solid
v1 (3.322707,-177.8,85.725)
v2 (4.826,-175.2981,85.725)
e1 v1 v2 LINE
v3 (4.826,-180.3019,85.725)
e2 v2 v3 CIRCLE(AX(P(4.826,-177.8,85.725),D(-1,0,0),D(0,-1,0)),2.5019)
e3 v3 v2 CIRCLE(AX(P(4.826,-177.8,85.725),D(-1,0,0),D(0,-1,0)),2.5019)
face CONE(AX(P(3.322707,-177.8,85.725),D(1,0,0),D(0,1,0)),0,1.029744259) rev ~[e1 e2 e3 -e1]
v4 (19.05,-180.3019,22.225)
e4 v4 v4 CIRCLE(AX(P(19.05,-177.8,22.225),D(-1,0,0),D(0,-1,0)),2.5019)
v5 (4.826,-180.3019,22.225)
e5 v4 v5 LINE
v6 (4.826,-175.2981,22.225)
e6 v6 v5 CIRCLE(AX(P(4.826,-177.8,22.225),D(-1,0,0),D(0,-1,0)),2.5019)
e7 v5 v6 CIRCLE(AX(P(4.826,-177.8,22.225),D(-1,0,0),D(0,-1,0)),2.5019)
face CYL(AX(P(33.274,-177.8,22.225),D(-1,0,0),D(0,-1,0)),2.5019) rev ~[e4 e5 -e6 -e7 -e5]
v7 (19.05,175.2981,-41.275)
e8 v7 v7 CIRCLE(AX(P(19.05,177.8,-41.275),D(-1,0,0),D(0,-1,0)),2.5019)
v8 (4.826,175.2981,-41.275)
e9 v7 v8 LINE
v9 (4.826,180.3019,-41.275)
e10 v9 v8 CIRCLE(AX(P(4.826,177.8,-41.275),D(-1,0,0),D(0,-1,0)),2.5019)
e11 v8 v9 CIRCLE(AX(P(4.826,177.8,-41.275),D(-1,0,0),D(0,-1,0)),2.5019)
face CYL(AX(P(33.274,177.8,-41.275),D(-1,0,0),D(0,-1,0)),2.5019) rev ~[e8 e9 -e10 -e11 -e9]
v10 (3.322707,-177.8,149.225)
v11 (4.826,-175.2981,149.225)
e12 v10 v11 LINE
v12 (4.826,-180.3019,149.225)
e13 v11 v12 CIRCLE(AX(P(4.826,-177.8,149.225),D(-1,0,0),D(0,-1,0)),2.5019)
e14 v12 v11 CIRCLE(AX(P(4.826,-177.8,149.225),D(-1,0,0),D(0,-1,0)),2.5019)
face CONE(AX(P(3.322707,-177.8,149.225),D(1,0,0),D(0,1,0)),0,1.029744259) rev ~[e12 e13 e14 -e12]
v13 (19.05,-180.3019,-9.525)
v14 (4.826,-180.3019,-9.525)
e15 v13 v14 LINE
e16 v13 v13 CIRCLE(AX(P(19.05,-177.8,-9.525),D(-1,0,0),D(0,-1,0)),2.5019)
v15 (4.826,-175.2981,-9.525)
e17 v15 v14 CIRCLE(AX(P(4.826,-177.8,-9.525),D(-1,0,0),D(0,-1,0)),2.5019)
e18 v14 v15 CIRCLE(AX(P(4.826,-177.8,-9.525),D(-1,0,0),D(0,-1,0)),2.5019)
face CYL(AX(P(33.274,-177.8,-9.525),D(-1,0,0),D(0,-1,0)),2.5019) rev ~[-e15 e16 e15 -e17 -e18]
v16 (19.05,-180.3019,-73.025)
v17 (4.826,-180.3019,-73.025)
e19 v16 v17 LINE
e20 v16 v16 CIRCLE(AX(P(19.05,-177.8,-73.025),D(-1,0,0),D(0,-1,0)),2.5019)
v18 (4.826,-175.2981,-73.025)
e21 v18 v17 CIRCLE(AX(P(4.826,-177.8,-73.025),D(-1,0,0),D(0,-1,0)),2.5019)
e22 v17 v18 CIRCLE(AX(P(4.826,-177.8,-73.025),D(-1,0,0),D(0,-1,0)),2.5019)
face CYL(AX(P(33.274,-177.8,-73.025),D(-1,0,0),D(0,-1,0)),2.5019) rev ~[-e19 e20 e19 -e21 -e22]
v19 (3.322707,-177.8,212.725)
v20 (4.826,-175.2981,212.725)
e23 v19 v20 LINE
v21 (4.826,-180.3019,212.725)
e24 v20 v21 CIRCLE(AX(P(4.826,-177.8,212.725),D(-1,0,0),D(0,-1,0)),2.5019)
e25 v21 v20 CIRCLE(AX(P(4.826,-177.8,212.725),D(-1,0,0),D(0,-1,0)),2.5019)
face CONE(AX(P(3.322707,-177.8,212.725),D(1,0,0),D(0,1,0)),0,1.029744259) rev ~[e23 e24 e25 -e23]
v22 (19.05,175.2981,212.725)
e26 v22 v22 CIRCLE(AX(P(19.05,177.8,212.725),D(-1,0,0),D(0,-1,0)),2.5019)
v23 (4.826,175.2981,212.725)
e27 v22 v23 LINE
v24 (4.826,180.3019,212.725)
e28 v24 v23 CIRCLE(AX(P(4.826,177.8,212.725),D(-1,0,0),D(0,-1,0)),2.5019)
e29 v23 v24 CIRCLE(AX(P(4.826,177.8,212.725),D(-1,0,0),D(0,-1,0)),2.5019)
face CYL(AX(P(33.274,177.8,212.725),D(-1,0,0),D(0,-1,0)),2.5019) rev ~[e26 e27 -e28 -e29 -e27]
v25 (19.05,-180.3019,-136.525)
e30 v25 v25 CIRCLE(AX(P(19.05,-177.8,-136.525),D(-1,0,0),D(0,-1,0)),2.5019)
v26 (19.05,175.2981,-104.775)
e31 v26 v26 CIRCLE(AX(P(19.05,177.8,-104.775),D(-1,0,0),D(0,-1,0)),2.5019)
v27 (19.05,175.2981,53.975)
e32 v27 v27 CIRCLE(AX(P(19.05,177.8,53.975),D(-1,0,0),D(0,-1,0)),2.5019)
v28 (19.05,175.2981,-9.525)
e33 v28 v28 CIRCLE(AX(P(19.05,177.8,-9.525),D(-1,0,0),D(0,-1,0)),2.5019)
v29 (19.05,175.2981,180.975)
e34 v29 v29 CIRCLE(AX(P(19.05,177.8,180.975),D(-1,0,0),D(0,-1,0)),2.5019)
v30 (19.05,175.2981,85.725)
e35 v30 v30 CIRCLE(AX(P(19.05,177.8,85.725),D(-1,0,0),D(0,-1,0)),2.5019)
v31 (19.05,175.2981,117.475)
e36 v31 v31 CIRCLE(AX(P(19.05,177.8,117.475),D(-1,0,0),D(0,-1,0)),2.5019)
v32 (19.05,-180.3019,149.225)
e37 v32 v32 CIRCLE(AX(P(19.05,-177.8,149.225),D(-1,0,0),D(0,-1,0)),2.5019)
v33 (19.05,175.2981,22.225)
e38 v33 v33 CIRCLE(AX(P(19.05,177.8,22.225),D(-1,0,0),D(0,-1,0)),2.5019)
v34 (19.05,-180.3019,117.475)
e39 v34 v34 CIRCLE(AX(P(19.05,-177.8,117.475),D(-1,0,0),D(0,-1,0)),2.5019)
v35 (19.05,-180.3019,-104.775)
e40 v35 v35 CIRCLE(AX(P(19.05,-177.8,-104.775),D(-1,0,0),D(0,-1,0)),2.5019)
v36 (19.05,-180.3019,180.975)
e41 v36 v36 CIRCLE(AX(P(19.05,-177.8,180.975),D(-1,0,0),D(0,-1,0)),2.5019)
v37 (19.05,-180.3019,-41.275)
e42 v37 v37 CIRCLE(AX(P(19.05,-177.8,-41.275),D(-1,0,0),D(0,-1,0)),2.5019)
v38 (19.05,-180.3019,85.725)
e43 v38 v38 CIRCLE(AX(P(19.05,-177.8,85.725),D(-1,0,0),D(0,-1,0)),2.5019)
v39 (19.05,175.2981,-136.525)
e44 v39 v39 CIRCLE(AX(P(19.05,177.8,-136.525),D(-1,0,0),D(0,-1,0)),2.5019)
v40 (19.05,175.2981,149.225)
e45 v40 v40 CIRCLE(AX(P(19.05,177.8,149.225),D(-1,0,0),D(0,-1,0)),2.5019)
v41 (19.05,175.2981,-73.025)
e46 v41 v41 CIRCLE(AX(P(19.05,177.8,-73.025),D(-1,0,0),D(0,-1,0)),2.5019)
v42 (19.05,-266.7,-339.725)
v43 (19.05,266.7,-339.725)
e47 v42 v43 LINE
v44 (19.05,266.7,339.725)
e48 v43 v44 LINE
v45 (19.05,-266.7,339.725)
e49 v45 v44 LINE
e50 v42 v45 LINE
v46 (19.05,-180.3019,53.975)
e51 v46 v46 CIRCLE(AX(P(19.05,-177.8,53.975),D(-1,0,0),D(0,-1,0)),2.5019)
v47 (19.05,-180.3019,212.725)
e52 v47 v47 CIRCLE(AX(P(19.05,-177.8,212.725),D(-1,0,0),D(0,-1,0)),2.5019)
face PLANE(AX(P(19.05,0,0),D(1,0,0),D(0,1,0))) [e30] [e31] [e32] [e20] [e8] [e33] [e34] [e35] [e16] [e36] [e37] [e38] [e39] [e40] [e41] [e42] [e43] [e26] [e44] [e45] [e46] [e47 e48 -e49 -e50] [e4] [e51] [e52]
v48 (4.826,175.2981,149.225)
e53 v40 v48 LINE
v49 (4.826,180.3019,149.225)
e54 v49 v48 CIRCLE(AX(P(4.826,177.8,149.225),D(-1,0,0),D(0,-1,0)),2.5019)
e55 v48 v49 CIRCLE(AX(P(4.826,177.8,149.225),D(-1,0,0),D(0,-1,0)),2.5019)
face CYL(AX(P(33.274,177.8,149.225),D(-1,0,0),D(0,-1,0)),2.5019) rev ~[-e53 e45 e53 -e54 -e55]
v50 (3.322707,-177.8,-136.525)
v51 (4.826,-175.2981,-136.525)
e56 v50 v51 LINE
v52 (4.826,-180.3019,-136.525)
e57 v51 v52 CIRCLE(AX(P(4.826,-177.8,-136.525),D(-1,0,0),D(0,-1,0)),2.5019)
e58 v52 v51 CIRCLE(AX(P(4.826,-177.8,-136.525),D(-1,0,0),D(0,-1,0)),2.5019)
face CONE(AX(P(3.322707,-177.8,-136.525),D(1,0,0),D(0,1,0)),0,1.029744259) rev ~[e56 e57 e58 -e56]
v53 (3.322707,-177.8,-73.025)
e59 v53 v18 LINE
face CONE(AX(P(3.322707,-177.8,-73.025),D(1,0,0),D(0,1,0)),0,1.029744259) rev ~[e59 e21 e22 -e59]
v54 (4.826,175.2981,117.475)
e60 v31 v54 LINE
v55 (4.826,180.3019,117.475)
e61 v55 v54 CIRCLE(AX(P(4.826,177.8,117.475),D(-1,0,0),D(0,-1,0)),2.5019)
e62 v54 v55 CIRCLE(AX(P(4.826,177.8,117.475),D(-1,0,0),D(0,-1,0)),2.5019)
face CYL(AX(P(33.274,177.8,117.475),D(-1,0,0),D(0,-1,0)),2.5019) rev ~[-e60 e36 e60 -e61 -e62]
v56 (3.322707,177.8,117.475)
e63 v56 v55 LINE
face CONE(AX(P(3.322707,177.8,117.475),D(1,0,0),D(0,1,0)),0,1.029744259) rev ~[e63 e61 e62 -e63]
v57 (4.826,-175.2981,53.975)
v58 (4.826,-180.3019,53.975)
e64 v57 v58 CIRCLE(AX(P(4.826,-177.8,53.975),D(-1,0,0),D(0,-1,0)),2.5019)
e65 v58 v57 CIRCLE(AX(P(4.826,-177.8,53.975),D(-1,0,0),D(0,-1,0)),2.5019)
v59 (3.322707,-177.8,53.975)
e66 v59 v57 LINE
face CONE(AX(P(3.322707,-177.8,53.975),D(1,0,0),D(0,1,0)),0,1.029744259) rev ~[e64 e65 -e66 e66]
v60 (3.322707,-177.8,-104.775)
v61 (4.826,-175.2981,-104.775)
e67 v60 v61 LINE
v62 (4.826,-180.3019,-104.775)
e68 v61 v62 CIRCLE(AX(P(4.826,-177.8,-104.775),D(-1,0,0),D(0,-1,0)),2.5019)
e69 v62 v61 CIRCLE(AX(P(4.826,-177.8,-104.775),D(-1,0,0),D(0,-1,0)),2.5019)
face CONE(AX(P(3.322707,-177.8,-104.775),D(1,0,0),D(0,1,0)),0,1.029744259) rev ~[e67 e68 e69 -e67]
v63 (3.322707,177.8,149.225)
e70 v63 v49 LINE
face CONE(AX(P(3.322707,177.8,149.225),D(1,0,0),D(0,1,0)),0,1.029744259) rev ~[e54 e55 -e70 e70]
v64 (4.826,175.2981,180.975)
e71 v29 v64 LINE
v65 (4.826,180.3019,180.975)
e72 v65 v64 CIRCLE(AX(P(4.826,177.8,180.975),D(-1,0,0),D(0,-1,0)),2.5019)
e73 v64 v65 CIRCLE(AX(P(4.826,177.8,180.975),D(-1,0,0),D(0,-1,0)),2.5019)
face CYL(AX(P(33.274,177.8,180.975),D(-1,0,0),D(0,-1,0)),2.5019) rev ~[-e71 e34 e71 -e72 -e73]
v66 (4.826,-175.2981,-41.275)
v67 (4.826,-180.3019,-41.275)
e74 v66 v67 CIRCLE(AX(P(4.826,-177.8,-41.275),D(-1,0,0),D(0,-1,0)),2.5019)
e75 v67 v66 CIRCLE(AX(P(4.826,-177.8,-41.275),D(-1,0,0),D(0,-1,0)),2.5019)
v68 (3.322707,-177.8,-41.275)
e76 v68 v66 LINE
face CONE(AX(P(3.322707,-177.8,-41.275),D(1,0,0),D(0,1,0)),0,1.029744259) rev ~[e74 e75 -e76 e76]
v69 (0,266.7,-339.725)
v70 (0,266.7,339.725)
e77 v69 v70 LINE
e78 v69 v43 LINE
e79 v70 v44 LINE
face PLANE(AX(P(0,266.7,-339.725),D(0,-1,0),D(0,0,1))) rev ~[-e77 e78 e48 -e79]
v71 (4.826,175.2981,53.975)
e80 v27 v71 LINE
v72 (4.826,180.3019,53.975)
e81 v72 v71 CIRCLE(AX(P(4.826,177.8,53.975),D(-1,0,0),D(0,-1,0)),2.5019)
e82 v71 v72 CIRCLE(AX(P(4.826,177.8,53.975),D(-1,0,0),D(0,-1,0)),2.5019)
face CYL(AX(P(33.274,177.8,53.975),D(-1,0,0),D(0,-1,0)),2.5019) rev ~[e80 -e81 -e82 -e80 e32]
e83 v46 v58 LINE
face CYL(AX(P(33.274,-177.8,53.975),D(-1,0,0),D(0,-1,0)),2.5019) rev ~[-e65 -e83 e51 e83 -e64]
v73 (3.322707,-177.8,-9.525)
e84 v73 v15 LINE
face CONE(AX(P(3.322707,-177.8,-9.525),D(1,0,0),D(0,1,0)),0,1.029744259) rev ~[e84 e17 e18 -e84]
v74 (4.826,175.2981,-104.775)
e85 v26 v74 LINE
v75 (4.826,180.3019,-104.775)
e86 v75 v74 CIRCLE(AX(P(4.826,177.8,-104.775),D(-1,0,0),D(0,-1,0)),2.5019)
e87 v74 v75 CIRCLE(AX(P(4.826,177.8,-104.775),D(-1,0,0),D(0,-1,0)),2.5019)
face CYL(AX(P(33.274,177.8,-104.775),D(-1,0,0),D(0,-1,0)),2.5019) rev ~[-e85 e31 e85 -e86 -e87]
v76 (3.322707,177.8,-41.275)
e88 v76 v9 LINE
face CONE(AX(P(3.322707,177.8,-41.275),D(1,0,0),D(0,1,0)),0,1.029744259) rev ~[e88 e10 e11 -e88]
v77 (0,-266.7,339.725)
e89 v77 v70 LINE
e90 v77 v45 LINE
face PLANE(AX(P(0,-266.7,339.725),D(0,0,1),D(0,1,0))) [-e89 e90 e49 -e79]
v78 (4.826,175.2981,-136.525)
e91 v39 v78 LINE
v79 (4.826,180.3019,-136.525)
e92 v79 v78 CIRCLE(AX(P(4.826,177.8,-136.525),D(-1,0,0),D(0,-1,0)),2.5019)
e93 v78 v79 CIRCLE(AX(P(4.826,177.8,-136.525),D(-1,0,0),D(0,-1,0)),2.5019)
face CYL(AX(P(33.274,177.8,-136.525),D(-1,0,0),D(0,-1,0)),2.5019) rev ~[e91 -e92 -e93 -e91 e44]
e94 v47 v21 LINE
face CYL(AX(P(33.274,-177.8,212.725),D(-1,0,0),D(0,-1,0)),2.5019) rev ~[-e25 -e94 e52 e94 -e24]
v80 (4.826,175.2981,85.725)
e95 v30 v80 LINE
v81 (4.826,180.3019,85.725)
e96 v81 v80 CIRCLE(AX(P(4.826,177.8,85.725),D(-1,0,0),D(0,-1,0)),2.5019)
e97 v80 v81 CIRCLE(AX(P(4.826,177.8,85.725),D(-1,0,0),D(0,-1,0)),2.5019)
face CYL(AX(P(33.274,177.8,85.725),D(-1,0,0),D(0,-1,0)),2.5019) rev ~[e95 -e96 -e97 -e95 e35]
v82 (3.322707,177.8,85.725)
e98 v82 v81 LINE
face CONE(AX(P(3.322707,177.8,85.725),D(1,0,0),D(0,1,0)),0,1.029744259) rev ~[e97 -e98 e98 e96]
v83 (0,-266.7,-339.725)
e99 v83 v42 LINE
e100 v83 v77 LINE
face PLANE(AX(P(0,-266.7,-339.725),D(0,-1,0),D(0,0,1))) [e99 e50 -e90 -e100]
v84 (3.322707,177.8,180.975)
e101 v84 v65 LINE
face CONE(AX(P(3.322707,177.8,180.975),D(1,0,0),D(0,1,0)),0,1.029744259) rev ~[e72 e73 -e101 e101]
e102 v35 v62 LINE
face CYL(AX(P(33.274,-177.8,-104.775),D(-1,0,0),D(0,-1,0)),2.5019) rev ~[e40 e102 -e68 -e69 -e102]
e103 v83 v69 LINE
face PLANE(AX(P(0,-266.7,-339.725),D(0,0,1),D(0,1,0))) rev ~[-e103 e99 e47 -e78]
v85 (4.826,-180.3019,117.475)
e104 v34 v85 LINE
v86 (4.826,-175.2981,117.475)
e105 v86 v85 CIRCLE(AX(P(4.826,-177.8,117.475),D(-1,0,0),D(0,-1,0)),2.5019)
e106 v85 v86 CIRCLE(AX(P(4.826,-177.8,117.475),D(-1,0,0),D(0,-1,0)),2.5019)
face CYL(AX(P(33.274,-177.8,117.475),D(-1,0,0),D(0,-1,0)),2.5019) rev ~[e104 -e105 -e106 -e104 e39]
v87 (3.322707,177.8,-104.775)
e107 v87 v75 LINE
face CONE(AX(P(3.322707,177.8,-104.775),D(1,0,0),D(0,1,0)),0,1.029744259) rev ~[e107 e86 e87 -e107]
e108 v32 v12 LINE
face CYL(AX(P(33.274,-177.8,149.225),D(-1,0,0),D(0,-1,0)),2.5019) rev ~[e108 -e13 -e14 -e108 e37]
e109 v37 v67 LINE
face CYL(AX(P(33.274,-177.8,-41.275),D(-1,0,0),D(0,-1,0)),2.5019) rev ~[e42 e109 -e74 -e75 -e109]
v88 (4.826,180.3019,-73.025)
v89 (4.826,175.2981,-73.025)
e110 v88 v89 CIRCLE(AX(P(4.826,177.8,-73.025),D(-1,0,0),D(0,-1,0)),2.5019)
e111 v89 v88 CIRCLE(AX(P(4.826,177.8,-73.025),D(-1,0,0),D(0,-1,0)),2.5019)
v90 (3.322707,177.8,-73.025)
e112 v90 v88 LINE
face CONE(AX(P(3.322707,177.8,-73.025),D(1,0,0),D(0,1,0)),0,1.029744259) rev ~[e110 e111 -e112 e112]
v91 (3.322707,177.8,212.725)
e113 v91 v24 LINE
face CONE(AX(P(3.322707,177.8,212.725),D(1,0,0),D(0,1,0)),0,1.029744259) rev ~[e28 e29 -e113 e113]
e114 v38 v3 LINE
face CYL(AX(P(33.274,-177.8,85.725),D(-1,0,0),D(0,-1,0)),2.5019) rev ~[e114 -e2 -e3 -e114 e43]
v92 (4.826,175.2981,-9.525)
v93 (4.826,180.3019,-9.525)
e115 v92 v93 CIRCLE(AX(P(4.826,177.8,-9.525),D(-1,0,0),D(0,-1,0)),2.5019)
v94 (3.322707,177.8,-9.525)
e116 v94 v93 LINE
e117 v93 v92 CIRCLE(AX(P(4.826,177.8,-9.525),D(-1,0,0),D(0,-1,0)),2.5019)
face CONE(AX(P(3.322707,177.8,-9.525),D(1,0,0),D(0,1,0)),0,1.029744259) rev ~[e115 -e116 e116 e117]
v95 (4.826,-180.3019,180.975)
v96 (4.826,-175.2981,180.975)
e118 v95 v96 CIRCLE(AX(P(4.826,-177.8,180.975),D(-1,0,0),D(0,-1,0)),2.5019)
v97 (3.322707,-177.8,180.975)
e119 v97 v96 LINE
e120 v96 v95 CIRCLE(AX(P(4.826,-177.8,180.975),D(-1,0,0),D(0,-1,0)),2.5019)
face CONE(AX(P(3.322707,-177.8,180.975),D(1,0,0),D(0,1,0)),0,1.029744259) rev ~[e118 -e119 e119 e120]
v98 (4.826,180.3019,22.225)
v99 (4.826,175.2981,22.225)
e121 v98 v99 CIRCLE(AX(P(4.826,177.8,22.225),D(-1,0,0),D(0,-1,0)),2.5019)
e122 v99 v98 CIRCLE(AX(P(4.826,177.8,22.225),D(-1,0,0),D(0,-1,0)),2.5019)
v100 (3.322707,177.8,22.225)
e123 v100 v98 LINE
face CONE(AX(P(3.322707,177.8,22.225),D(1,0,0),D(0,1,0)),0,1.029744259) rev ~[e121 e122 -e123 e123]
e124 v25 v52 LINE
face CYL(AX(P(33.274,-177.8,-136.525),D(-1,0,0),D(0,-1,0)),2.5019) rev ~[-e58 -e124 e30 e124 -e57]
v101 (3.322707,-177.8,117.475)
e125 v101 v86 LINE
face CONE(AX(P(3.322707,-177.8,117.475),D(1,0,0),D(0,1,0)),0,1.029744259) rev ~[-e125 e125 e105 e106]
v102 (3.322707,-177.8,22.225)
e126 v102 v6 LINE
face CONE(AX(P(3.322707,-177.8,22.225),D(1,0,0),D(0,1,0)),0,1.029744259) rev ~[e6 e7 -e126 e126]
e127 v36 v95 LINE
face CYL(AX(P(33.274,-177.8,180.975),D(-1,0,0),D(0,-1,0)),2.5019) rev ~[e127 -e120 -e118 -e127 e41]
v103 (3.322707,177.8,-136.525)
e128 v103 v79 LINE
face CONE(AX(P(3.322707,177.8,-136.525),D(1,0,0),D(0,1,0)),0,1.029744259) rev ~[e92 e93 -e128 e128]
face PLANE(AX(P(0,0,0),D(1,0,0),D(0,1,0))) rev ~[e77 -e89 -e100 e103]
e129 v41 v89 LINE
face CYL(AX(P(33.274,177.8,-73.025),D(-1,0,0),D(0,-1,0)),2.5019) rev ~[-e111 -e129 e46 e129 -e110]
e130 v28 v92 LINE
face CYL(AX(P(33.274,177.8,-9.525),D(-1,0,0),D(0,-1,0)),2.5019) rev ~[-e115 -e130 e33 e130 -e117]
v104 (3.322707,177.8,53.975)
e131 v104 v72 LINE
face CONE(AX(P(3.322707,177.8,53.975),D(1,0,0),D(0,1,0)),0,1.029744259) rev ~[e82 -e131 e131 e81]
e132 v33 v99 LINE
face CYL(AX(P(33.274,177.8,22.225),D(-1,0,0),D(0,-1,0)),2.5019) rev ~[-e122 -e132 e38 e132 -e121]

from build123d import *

# Parameters (mm, degrees)
F0_W     = 533.4
F0_H     = 679.45
F1_DEPTH = 19.05
F3_D     = 5.0038
F3_DEPTH = 14.224
F3_TIP   = 1.5032931827


with BuildPart() as f1:
    # F0 (on Right) → F1 (new body)
    with BuildSketch(Plane.YZ):
        Rectangle(F0_W, F0_H)
    extrude(amount=F1_DEPTH)

    # F3
    with Locations(Plane.YZ.offset(19.05)):
        with Locations((-177.8, 212.725), (-177.8, 180.975), (-177.8, 149.225), (-177.8, 117.475), (-177.8, 85.725), (-177.8, 53.975), (-177.8, 22.225), (-177.8, -9.525), (-177.8, -41.275), (-177.8, -73.025), (-177.8, -104.775), (-177.8, -136.525), (177.8, -136.525), (177.8, -104.775), (177.8, -73.025), (177.8, -41.275), (177.8, -9.525), (177.8, 22.225), (177.8, 53.975), (177.8, 85.725), (177.8, 117.475), (177.8, 149.225), (177.8, 180.975), (177.8, 212.725)):
            Hole(F3_D / 2, depth=F3_DEPTH)
            with Locations((0, 0, -(F3_DEPTH + F3_TIP / 2))):  # 118° drill point
                Cone(0, F3_D / 2, F3_TIP, mode=Mode.SUBTRACT)


solid = f1.part
